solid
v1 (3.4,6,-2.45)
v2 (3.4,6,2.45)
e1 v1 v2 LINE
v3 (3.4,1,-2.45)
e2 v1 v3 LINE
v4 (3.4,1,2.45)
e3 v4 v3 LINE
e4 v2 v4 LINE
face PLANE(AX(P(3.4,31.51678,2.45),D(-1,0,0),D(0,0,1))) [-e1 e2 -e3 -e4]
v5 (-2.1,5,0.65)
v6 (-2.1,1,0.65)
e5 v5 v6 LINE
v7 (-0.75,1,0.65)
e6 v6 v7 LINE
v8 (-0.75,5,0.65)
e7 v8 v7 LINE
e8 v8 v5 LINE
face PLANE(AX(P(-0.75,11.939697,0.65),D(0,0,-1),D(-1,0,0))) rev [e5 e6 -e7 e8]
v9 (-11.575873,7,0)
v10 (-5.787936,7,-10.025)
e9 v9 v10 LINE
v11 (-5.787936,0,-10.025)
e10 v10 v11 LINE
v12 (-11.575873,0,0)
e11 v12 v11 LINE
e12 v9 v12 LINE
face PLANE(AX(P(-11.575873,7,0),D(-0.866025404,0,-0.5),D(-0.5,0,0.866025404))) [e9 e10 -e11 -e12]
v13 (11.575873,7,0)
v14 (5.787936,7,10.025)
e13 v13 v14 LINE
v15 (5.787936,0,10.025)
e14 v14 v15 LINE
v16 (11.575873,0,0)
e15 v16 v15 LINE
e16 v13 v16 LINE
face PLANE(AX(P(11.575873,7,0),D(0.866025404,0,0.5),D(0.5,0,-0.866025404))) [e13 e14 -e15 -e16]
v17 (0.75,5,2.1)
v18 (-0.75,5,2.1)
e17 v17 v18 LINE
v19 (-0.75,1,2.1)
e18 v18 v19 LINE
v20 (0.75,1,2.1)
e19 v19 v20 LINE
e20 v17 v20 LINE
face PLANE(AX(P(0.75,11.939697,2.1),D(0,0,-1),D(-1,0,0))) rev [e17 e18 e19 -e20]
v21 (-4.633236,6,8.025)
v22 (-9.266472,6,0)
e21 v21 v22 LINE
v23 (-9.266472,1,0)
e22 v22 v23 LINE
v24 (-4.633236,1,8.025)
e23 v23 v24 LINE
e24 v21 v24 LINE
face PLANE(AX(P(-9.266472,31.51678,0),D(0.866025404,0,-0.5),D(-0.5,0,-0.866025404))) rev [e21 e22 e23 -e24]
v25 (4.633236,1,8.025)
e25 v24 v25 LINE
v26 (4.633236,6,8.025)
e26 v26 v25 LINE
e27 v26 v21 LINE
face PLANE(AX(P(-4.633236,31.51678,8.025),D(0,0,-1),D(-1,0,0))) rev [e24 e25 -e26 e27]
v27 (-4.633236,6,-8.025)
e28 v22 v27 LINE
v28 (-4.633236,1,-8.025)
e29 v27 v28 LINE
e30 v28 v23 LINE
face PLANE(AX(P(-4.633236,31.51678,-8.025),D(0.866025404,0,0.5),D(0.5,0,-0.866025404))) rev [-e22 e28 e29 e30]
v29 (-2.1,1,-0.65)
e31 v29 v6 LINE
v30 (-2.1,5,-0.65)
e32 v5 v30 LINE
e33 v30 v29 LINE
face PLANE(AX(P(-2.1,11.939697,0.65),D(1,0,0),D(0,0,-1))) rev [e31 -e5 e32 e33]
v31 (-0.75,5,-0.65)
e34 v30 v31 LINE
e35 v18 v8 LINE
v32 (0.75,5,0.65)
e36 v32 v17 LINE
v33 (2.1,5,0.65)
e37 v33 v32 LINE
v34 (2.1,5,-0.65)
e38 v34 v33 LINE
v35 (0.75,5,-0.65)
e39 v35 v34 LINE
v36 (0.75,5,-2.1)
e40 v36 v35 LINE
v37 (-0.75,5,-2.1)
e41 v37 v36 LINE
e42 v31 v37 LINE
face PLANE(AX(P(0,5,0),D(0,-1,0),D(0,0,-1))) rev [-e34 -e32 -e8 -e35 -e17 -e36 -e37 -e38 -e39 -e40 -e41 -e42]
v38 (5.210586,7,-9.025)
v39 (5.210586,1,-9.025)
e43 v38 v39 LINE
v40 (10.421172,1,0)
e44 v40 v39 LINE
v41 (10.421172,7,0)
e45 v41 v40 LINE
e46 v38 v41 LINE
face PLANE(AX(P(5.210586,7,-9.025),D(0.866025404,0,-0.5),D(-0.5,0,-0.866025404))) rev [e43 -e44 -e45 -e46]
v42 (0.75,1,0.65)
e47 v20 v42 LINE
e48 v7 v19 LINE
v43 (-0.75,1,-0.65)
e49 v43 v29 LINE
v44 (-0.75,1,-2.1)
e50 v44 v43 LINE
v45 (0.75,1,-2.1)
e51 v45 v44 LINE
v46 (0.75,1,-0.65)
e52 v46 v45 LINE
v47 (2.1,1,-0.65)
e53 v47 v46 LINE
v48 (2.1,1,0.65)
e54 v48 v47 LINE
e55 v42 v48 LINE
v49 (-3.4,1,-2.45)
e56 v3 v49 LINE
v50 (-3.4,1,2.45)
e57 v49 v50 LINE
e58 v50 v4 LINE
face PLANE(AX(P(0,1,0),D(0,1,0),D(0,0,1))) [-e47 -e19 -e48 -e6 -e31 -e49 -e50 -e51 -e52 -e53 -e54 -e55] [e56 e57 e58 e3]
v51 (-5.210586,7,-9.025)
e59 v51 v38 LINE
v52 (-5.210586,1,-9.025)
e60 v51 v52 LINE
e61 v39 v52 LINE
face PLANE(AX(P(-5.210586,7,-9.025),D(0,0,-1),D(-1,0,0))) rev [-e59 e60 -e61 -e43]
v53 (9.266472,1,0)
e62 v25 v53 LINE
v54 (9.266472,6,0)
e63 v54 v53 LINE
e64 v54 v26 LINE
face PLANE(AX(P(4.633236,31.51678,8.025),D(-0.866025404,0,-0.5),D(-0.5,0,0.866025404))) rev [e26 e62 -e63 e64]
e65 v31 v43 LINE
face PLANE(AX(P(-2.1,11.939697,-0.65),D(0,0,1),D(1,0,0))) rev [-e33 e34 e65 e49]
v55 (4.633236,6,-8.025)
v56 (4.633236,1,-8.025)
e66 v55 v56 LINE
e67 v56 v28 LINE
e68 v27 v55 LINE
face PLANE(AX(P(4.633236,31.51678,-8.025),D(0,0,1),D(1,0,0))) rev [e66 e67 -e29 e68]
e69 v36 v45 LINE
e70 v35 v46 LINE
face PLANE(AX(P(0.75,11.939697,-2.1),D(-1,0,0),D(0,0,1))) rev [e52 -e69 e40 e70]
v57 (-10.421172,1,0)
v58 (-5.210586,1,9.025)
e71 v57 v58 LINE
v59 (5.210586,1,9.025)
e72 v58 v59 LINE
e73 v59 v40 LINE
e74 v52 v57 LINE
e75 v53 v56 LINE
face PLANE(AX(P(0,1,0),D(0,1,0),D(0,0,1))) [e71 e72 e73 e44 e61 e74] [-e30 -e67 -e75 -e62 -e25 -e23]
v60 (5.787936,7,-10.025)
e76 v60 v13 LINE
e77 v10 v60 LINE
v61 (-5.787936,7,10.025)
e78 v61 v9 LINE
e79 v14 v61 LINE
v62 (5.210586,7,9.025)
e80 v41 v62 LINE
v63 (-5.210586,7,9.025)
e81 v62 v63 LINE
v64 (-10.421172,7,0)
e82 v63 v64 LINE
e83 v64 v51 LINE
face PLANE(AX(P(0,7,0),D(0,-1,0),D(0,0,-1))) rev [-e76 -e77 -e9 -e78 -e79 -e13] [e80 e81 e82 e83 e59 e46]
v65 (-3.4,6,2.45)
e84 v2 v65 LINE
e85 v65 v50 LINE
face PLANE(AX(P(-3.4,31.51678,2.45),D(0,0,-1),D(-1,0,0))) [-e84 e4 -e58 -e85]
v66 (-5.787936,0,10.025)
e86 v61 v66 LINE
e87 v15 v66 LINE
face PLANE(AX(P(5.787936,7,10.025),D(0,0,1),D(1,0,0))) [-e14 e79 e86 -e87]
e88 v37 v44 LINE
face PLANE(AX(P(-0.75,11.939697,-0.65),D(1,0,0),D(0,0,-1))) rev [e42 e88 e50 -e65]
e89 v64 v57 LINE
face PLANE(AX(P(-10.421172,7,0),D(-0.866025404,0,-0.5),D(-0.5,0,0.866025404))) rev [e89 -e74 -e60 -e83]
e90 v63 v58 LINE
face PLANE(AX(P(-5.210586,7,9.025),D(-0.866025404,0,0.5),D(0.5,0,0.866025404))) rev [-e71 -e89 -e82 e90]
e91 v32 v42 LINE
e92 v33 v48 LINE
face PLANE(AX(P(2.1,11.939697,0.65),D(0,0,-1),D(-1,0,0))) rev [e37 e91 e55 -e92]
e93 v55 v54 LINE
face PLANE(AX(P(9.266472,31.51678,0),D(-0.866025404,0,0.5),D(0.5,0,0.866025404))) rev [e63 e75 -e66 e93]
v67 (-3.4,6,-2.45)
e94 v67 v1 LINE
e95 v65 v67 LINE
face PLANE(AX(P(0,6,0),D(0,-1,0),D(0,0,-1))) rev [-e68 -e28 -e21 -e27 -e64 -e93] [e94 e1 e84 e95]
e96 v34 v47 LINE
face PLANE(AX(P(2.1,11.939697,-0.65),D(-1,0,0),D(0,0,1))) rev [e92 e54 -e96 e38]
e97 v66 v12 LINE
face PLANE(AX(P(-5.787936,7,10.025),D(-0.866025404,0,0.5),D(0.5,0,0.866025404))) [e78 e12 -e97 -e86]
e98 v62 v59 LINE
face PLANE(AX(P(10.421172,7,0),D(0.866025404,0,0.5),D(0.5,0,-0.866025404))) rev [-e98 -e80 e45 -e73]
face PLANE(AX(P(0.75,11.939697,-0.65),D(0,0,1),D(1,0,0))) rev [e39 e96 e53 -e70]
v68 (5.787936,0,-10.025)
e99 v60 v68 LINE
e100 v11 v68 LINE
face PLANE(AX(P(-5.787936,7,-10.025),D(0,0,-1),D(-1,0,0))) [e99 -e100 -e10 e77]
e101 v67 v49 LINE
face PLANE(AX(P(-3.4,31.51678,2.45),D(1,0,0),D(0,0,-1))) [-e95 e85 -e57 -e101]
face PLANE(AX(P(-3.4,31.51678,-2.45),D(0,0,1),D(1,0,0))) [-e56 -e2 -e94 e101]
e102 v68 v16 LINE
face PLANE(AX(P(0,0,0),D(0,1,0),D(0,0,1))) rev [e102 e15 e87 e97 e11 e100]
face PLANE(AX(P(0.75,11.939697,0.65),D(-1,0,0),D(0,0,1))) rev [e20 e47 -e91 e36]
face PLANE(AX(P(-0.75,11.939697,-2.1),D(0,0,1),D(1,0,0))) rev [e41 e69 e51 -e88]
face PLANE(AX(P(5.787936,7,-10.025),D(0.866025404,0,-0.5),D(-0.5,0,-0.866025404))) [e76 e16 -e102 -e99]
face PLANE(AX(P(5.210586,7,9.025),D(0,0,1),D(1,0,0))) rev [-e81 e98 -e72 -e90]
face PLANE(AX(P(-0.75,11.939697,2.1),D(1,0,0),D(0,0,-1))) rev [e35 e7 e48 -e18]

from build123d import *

# Parameters (mm, degrees)
BOSS_EXTRUDE1_DEPTH = 1
BOSS_EXTRUDE2_DEPTH = 7
SKETCH3_W           = 6.8
SKETCH3_H           = 4.9
BOSS_EXTRUDE3_DEPTH = 5
BOSS_EXTRUDE4_DEPTH = 4


with BuildPart() as part:
    # Sketch1 → Boss-Extrude1 (new body)
    with BuildSketch(Plane(origin=(0, 0, 0), x_dir=(1, 0, 0), z_dir=(0, 1, 0))):
        Polygon((10.421172359, 0), (5.210586179, 9.025), (-5.210586179, 9.025), (-10.421172359, 0), (-5.210586179, -9.025), (5.210586179, -9.025), align=None)
    extrude(amount=BOSS_EXTRUDE1_DEPTH)



with BuildPart() as body_2:
    # Sketch2 → Boss-Extrude2 (new body)
    with BuildSketch(Plane.XZ):
        Polygon((11.575872897, 0), (5.787936449, 10.025), (-5.787936449, 10.025), (-11.575872897, 0), (-5.787936449, -10.025), (5.787936449, -10.025), align=None)
        Polygon((10.421172359, 0), (5.210586179, 9.025), (-5.210586179, 9.025), (-10.421172359, 0), (-5.210586179, -9.025), (5.210586179, -9.025), align=None, mode=Mode.SUBTRACT)
    extrude(amount=-BOSS_EXTRUDE2_DEPTH)


with BuildPart() as part_1:
    add(part.part)

    add(body_2.part)  # Boss-Extrude3 merges body 2
    # Sketch3 → Boss-Extrude3 (add)
    with BuildSketch(Plane(origin=(0, 1, 0), x_dir=(1, 0, 0), z_dir=(0, 1, 0))):
        Polygon((4.63323591, -8.025), (9.26647182, 0), (4.63323591, 8.025), (-4.63323591, 8.025), (-9.26647182, 0), (-4.63323591, -8.025), align=None)
        Rectangle(SKETCH3_W, SKETCH3_H, mode=Mode.SUBTRACT)
    extrude(amount=BOSS_EXTRUDE3_DEPTH)

    # Sketch4 → Boss-Extrude4 (add)
    with BuildSketch(Plane(origin=(0, 1, 0), x_dir=(1, 0, 0), z_dir=(0, 1, 0))):
        Polygon((-0.75, 2.1), (0.75, 2.1), (0.75, 0.65), (2.1, 0.65), (2.1, -0.65), (0.75, -0.65), (0.75, -2.1), (-0.75, -2.1), (-0.75, -0.65), (-2.1, -0.65), (-2.1, 0.65), (-0.75, 0.65), align=None)
    extrude(amount=BOSS_EXTRUDE4_DEPTH)


solid = part_1.part
